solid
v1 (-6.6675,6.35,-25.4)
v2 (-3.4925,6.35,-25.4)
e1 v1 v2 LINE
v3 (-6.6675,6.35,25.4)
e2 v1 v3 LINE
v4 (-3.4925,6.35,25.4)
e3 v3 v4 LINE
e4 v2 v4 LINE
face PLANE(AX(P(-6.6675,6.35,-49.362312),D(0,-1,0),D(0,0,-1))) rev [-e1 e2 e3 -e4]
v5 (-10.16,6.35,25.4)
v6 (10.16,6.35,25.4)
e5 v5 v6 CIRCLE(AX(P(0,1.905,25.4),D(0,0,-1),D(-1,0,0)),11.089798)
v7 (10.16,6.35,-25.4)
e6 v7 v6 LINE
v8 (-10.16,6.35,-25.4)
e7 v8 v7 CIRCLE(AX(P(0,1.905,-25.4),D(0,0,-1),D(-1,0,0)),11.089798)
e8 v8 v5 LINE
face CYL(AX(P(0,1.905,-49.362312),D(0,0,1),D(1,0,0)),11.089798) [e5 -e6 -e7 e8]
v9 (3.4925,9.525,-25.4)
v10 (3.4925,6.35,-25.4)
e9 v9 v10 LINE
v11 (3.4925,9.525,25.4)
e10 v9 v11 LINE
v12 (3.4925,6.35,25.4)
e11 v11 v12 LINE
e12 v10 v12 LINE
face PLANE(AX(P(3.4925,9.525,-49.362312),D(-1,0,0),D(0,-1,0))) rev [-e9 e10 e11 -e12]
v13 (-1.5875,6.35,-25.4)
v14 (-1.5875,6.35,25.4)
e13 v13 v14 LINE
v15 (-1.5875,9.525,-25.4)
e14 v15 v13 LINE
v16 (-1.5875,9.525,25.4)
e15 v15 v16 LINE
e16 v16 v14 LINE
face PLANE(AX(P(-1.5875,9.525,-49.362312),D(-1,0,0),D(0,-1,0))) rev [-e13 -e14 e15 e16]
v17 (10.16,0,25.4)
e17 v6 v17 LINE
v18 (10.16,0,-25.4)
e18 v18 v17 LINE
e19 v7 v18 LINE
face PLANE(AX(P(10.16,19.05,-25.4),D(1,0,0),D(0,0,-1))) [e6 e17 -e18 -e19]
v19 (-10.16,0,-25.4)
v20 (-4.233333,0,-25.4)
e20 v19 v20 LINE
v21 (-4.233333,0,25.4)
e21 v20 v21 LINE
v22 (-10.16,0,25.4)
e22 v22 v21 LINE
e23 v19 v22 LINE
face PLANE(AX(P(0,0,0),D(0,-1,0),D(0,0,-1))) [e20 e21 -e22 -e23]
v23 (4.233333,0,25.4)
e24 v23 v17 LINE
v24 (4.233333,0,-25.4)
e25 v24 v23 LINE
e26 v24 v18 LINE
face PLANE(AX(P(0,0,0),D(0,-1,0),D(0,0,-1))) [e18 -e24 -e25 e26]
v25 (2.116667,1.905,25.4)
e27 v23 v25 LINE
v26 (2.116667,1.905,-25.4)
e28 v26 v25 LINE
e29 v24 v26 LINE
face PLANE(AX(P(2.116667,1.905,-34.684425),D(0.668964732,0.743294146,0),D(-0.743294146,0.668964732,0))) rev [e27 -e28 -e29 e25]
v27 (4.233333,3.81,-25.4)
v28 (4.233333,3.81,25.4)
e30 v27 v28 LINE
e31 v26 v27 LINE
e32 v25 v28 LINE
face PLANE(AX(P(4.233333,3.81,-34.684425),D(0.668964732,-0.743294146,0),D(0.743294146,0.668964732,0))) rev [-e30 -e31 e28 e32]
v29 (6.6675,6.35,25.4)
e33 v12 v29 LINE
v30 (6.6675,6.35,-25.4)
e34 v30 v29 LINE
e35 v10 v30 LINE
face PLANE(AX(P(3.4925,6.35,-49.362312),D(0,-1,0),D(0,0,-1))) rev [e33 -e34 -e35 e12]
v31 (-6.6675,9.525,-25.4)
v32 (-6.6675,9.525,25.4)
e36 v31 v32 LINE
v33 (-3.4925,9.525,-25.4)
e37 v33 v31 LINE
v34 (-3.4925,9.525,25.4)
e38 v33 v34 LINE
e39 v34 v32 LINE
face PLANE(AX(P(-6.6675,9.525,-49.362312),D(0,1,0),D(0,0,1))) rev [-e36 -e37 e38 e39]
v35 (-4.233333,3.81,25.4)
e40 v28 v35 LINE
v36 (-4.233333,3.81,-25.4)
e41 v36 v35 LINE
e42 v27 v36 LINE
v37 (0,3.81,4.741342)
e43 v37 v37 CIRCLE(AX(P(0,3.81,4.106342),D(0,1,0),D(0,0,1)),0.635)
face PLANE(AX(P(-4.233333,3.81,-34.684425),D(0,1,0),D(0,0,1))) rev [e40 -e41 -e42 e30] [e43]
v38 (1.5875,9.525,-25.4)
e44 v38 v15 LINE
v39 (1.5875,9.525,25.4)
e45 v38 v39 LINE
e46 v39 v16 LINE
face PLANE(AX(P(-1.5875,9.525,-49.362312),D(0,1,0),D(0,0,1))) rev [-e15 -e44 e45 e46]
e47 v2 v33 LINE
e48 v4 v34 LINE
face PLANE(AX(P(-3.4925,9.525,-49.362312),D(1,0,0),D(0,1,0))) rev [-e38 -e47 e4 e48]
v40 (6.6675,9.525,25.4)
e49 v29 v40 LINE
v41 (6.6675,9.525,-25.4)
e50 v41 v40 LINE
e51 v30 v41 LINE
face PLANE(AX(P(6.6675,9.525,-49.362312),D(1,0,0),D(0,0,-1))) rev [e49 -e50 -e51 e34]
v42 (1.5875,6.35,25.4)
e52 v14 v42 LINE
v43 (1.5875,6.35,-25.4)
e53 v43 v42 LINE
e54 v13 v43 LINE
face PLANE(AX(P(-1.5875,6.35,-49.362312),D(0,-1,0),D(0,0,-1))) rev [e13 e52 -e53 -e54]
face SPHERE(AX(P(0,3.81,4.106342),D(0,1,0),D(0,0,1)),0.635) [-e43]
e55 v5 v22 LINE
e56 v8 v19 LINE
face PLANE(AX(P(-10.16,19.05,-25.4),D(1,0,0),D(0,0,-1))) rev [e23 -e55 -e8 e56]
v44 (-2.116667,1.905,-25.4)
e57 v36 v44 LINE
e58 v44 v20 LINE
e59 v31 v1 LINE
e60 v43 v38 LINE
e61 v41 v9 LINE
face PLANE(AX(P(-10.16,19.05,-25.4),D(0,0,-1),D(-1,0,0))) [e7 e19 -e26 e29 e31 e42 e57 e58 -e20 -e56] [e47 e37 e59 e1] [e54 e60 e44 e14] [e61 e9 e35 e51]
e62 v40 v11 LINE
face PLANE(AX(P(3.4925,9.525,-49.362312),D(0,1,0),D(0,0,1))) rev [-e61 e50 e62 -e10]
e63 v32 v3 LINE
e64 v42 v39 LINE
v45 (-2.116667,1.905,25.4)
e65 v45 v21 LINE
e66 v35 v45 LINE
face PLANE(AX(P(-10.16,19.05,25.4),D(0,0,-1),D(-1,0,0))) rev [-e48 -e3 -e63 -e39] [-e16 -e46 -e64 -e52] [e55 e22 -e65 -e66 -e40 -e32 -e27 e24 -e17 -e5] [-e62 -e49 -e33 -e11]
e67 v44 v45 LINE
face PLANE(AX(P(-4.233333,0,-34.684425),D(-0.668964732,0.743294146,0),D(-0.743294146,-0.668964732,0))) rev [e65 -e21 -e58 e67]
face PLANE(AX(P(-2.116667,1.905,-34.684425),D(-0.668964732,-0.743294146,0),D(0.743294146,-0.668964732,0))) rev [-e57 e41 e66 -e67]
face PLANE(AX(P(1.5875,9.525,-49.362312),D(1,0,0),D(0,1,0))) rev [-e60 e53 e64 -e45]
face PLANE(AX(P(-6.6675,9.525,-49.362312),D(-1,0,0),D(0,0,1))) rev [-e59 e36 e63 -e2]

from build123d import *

# Parameters (mm, degrees)
SKETCH1_W           = 20.32
SKETCH1_H           = 50.8
BOSS_EXTRUDE1_DEPTH = 19.05
CUT_EXTRUDE1_DEPTH  = 50.8
SKETCH5_W           = 3.175
SKETCH5_H           = 3.175
CUT_EXTRUDE2_DEPTH  = 50.8


with BuildPart() as part:
    # Sketch1 → Boss-Extrude1 (new body)
    with BuildSketch(Plane(origin=(0, 0, 0), x_dir=(1, 0, 0), z_dir=(0, 1, 0))):
        Rectangle(SKETCH1_W, SKETCH1_H)
    extrude(amount=BOSS_EXTRUDE1_DEPTH)

    # Sketch3 → Cut-Extrude1 (cut)
    with BuildSketch(Plane.XY.offset(25.4)):
        Polygon((-4.233333333, 3.81), (4.233333333, 3.81), (2.116666667, 1.905), (4.233333333, 0), (-4.233333333, 0), (-2.116666667, 1.905), align=None)
    extrude(amount=-CUT_EXTRUDE1_DEPTH, mode=Mode.SUBTRACT)

    # Sketch4 → Revolve1 (revolve)
    with BuildSketch(Plane.XZ.offset(-3.81)):
        with BuildLine():
            Line((0, 4.7413418), (0, 3.4713418))
            ThreePointArc((0, 3.4713418), (0.635, 4.1063418), (0, 4.7413418))
        make_face()
    revolve(axis=Axis((0, 3.81, -25.4), (0, 0, 1)))

    # Sketch5 → Cut-Extrude2 (cut)
    with BuildSketch(Plane.XY.offset(25.4)):
        with BuildLine():
            Line((-10.16, 6.35), (-10.16, 19.05))
            Line((-10.16, 19.05), (10.16, 19.05))
            Line((10.16, 19.05), (10.16, 6.35))
            ThreePointArc((10.16, 6.35), (0, 12.99479824), (-10.16, 6.35))
        make_face()
        with Locations((0, 7.9375)):
            Rectangle(SKETCH5_W, SKETCH5_H)
        with Locations((-5.08, 7.9375)):
            Rectangle(SKETCH5_W, SKETCH5_H)
        with Locations((5.08, 7.9375)):
            Rectangle(SKETCH5_W, SKETCH5_H)
    extrude(amount=-CUT_EXTRUDE2_DEPTH, mode=Mode.SUBTRACT)


solid = part.part
